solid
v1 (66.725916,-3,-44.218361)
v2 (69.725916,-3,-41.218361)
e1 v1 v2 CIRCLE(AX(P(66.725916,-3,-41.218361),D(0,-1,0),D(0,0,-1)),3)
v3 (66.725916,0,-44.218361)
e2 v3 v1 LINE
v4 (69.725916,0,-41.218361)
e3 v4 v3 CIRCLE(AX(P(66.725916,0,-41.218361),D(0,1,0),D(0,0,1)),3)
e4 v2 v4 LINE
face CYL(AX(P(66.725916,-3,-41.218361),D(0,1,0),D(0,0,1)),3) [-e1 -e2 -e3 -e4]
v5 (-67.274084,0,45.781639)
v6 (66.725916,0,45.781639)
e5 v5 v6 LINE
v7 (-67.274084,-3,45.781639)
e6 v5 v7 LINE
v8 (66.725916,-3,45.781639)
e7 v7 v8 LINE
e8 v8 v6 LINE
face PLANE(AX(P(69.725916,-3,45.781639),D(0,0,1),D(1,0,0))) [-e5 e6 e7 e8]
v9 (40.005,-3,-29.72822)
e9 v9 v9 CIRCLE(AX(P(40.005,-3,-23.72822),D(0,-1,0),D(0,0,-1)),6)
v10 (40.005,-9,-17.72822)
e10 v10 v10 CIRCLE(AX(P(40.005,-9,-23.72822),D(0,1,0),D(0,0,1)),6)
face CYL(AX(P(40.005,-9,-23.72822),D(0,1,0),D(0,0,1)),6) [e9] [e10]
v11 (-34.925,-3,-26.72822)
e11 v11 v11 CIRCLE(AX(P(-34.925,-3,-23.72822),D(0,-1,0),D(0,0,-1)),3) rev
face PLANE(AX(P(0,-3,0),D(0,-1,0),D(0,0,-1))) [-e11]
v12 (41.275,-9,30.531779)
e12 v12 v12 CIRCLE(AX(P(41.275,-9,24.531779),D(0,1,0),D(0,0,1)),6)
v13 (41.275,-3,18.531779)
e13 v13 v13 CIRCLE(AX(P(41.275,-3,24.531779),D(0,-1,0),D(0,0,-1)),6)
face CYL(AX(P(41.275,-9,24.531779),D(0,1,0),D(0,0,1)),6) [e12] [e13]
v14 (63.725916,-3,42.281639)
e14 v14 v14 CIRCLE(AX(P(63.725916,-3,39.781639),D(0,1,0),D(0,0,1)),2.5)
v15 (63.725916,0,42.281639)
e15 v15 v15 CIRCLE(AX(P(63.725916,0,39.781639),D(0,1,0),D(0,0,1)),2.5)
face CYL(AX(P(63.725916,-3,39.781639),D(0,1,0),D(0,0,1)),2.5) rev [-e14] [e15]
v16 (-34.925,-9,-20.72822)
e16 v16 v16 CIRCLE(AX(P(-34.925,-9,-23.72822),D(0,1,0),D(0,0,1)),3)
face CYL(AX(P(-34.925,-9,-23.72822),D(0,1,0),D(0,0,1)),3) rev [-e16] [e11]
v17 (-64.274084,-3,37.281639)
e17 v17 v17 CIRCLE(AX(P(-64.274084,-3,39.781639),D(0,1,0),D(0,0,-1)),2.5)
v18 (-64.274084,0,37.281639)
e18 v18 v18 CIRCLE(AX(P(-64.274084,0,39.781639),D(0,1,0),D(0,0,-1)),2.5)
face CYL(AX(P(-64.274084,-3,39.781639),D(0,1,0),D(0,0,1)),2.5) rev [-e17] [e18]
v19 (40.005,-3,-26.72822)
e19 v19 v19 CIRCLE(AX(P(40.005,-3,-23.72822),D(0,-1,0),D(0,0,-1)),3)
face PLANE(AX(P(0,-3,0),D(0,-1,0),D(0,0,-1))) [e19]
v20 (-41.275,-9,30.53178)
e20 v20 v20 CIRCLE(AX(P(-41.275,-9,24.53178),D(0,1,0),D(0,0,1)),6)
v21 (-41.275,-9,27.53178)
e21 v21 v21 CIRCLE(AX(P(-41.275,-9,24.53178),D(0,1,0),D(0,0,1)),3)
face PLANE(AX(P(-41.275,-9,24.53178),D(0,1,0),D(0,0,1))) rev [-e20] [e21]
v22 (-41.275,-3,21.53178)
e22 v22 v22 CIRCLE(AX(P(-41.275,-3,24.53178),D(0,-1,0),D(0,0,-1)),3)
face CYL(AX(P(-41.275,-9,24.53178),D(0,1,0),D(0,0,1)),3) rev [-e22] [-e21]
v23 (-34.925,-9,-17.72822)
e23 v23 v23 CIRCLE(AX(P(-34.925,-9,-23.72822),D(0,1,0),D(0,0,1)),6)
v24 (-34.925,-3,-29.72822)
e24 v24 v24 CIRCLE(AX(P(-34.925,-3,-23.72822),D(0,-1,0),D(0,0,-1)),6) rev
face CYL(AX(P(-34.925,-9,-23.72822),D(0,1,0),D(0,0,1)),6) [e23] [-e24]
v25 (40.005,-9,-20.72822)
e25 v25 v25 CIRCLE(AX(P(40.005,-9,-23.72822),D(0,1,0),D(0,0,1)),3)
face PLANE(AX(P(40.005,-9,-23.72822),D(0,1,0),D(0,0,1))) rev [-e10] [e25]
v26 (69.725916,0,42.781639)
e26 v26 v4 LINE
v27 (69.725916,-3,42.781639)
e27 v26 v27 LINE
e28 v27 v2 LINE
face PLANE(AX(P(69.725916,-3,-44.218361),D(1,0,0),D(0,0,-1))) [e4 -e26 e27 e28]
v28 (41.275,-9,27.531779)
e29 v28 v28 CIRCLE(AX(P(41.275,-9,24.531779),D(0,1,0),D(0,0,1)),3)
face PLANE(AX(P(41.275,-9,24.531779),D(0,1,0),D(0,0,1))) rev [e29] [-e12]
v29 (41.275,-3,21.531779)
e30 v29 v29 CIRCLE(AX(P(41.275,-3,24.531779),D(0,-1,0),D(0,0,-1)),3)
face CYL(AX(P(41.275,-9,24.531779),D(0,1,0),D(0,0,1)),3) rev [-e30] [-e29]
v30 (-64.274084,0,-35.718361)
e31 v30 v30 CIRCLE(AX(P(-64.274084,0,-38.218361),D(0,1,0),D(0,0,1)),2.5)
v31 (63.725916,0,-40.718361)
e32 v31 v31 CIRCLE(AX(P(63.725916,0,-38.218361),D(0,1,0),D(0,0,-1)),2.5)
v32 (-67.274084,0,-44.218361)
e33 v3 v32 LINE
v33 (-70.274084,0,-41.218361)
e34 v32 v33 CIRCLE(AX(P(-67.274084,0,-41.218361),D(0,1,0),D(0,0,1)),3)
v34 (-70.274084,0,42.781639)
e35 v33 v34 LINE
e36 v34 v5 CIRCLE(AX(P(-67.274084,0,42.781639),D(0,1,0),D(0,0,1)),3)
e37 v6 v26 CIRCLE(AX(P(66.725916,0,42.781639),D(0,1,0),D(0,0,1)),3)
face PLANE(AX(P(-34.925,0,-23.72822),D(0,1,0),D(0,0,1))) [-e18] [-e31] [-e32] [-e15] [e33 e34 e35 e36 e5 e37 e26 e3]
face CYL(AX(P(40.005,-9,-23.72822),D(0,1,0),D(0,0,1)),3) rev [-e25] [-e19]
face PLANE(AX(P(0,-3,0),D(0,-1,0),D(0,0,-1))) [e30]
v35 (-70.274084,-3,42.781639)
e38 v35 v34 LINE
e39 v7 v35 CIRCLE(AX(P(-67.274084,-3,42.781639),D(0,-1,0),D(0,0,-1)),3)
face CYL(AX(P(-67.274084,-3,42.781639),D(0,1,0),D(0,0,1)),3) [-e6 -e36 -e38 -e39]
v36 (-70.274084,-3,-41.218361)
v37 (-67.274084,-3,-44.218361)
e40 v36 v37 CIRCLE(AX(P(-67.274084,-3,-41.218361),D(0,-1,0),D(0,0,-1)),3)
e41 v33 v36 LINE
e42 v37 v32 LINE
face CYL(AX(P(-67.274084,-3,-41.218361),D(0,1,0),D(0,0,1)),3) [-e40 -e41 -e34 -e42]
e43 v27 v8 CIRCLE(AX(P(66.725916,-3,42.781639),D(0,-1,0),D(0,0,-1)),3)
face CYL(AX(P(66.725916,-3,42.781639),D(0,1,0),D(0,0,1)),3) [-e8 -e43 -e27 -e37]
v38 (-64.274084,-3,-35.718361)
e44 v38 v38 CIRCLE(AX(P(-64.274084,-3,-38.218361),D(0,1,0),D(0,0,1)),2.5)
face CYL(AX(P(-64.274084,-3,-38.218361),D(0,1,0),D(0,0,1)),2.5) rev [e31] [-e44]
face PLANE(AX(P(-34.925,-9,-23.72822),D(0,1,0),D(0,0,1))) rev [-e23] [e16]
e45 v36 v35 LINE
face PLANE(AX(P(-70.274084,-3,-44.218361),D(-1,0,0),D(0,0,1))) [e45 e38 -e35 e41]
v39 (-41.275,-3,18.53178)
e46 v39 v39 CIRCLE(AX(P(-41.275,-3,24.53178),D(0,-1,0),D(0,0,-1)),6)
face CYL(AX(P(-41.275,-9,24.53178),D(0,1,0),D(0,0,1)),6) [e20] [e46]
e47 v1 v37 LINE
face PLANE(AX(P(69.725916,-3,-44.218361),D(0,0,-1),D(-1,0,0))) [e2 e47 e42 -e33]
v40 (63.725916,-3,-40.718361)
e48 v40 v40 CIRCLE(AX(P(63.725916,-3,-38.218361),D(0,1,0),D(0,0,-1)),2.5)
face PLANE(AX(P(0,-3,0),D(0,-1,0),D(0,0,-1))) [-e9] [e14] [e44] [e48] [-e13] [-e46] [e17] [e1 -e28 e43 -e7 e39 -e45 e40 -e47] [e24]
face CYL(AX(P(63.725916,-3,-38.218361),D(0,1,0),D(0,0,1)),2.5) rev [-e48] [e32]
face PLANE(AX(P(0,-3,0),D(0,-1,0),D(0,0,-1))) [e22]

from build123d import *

# Parameters (mm, degrees)
SKETCH_1_R        = 6
SKETCH_1_R_2      = 3
EXTRUDE_1_DEPTH   = 9
EXTRUDE_1_2_DEPTH = 9
EXTRUDE_1_3_DEPTH = 9
EXTRUDE_1_4_DEPTH = 9
SKETCH_2_W        = 140
SKETCH_2_H        = 90
SKETCH_2_R        = 2.5
EXTRUDE_2_DEPTH   = 3
FILLET_1_R        = 3


with BuildPart() as part:
    # Эскиз1 → Бобышка-Вытянуть1 (new body)
    with BuildSketch(Plane(origin=(0, 0, 0), x_dir=(1, 0, 0), z_dir=(0, 1, 0))):
        with Locations(Location((-34.925000029, 23.728220461, 0), (0, 0, 270))):
            Circle(SKETCH_1_R)
        with Locations(Location((-34.925000029, 23.728220461, 0), (0, 0, 270))):
            Circle(SKETCH_1_R_2, mode=Mode.SUBTRACT)
    extrude(amount=-EXTRUDE_1_DEPTH)



with BuildPart() as body_2:
    # Эскиз1 → Extrude 1 2 (new body)
    with BuildSketch(Plane(origin=(0, 0, 0), x_dir=(1, 0, 0), z_dir=(0, 1, 0))):
        with Locations(Location((40.004999984, 23.728220453, 0), (0, 0, 270))):
            Circle(SKETCH_1_R)
        with Locations(Location((40.004999984, 23.728220453, 0), (0, 0, 270))):
            Circle(SKETCH_1_R_2, mode=Mode.SUBTRACT)
    extrude(amount=-EXTRUDE_1_2_DEPTH)


with BuildPart() as body_3:
    # Эскиз1 → Extrude 1 3 (new body)
    with BuildSketch(Plane(origin=(0, 0, 0), x_dir=(1, 0, 0), z_dir=(0, 1, 0))):
        with Locations(Location((41.275000034, -24.53177948, 0), (0, 0, 270))):
            Circle(SKETCH_1_R)
        with Locations(Location((41.275000034, -24.53177948, 0), (0, 0, 270))):
            Circle(SKETCH_1_R_2, mode=Mode.SUBTRACT)
    extrude(amount=-EXTRUDE_1_3_DEPTH)


with BuildPart() as body_4:
    # Эскиз1 → Extrude 1 4 (new body)
    with BuildSketch(Plane(origin=(0, 0, 0), x_dir=(1, 0, 0), z_dir=(0, 1, 0))):
        with Locations(Location((-41.275000034, -24.531779532, 0), (0, 0, 270))):
            Circle(SKETCH_1_R)
        with Locations(Location((-41.275000034, -24.531779532, 0), (0, 0, 270))):
            Circle(SKETCH_1_R_2, mode=Mode.SUBTRACT)
    extrude(amount=-EXTRUDE_1_4_DEPTH)


with BuildPart() as part_1:
    add(part.part)

    add(body_2.part)  # Бобышка-Вытянуть2 merges body 2

    add(body_3.part)  # Бобышка-Вытянуть2 merges body 3

    add(body_4.part)  # Бобышка-Вытянуть2 merges body 4
    # Эскиз2 → Бобышка-Вытянуть2 (add)
    with BuildSketch(Plane(origin=(0, 0, 0), x_dir=(1, 0, 0), z_dir=(0, 1, 0))):
        with Locations((-0.274084252, -0.781638626)):
            Rectangle(SKETCH_2_W, SKETCH_2_H)
        with Locations(Location((-64.274084252, 38.218361374, 0), (0, 0, 270))):
            Circle(SKETCH_2_R, mode=Mode.SUBTRACT)
        with Locations(Location((63.725915748, 38.218361374, 0), (0, 0, 90))):
            Circle(SKETCH_2_R, mode=Mode.SUBTRACT)
        with Locations(Location((63.725915748, -39.781638626, 0), (0, 0, 270))):
            Circle(SKETCH_2_R, mode=Mode.SUBTRACT)
        with Locations(Location((-64.274084252, -39.781638626, 0), (0, 0, 90))):
            Circle(SKETCH_2_R, mode=Mode.SUBTRACT)
    extrude(amount=-EXTRUDE_2_DEPTH)

    # Скругление1
    fillet_1_edges = [part_1.edges().sort_by_distance(p)[0] for p in [
        (69.725915748, -1.5, -44.218361374),
        (69.725915748, -1.5, 45.781638626),
        (-70.274084252, -1.5, 45.781638626),
        (-70.274084252, -1.5, -44.218361374),
    ]]
    fillet(fillet_1_edges, radius=FILLET_1_R)


solid = part_1.part
